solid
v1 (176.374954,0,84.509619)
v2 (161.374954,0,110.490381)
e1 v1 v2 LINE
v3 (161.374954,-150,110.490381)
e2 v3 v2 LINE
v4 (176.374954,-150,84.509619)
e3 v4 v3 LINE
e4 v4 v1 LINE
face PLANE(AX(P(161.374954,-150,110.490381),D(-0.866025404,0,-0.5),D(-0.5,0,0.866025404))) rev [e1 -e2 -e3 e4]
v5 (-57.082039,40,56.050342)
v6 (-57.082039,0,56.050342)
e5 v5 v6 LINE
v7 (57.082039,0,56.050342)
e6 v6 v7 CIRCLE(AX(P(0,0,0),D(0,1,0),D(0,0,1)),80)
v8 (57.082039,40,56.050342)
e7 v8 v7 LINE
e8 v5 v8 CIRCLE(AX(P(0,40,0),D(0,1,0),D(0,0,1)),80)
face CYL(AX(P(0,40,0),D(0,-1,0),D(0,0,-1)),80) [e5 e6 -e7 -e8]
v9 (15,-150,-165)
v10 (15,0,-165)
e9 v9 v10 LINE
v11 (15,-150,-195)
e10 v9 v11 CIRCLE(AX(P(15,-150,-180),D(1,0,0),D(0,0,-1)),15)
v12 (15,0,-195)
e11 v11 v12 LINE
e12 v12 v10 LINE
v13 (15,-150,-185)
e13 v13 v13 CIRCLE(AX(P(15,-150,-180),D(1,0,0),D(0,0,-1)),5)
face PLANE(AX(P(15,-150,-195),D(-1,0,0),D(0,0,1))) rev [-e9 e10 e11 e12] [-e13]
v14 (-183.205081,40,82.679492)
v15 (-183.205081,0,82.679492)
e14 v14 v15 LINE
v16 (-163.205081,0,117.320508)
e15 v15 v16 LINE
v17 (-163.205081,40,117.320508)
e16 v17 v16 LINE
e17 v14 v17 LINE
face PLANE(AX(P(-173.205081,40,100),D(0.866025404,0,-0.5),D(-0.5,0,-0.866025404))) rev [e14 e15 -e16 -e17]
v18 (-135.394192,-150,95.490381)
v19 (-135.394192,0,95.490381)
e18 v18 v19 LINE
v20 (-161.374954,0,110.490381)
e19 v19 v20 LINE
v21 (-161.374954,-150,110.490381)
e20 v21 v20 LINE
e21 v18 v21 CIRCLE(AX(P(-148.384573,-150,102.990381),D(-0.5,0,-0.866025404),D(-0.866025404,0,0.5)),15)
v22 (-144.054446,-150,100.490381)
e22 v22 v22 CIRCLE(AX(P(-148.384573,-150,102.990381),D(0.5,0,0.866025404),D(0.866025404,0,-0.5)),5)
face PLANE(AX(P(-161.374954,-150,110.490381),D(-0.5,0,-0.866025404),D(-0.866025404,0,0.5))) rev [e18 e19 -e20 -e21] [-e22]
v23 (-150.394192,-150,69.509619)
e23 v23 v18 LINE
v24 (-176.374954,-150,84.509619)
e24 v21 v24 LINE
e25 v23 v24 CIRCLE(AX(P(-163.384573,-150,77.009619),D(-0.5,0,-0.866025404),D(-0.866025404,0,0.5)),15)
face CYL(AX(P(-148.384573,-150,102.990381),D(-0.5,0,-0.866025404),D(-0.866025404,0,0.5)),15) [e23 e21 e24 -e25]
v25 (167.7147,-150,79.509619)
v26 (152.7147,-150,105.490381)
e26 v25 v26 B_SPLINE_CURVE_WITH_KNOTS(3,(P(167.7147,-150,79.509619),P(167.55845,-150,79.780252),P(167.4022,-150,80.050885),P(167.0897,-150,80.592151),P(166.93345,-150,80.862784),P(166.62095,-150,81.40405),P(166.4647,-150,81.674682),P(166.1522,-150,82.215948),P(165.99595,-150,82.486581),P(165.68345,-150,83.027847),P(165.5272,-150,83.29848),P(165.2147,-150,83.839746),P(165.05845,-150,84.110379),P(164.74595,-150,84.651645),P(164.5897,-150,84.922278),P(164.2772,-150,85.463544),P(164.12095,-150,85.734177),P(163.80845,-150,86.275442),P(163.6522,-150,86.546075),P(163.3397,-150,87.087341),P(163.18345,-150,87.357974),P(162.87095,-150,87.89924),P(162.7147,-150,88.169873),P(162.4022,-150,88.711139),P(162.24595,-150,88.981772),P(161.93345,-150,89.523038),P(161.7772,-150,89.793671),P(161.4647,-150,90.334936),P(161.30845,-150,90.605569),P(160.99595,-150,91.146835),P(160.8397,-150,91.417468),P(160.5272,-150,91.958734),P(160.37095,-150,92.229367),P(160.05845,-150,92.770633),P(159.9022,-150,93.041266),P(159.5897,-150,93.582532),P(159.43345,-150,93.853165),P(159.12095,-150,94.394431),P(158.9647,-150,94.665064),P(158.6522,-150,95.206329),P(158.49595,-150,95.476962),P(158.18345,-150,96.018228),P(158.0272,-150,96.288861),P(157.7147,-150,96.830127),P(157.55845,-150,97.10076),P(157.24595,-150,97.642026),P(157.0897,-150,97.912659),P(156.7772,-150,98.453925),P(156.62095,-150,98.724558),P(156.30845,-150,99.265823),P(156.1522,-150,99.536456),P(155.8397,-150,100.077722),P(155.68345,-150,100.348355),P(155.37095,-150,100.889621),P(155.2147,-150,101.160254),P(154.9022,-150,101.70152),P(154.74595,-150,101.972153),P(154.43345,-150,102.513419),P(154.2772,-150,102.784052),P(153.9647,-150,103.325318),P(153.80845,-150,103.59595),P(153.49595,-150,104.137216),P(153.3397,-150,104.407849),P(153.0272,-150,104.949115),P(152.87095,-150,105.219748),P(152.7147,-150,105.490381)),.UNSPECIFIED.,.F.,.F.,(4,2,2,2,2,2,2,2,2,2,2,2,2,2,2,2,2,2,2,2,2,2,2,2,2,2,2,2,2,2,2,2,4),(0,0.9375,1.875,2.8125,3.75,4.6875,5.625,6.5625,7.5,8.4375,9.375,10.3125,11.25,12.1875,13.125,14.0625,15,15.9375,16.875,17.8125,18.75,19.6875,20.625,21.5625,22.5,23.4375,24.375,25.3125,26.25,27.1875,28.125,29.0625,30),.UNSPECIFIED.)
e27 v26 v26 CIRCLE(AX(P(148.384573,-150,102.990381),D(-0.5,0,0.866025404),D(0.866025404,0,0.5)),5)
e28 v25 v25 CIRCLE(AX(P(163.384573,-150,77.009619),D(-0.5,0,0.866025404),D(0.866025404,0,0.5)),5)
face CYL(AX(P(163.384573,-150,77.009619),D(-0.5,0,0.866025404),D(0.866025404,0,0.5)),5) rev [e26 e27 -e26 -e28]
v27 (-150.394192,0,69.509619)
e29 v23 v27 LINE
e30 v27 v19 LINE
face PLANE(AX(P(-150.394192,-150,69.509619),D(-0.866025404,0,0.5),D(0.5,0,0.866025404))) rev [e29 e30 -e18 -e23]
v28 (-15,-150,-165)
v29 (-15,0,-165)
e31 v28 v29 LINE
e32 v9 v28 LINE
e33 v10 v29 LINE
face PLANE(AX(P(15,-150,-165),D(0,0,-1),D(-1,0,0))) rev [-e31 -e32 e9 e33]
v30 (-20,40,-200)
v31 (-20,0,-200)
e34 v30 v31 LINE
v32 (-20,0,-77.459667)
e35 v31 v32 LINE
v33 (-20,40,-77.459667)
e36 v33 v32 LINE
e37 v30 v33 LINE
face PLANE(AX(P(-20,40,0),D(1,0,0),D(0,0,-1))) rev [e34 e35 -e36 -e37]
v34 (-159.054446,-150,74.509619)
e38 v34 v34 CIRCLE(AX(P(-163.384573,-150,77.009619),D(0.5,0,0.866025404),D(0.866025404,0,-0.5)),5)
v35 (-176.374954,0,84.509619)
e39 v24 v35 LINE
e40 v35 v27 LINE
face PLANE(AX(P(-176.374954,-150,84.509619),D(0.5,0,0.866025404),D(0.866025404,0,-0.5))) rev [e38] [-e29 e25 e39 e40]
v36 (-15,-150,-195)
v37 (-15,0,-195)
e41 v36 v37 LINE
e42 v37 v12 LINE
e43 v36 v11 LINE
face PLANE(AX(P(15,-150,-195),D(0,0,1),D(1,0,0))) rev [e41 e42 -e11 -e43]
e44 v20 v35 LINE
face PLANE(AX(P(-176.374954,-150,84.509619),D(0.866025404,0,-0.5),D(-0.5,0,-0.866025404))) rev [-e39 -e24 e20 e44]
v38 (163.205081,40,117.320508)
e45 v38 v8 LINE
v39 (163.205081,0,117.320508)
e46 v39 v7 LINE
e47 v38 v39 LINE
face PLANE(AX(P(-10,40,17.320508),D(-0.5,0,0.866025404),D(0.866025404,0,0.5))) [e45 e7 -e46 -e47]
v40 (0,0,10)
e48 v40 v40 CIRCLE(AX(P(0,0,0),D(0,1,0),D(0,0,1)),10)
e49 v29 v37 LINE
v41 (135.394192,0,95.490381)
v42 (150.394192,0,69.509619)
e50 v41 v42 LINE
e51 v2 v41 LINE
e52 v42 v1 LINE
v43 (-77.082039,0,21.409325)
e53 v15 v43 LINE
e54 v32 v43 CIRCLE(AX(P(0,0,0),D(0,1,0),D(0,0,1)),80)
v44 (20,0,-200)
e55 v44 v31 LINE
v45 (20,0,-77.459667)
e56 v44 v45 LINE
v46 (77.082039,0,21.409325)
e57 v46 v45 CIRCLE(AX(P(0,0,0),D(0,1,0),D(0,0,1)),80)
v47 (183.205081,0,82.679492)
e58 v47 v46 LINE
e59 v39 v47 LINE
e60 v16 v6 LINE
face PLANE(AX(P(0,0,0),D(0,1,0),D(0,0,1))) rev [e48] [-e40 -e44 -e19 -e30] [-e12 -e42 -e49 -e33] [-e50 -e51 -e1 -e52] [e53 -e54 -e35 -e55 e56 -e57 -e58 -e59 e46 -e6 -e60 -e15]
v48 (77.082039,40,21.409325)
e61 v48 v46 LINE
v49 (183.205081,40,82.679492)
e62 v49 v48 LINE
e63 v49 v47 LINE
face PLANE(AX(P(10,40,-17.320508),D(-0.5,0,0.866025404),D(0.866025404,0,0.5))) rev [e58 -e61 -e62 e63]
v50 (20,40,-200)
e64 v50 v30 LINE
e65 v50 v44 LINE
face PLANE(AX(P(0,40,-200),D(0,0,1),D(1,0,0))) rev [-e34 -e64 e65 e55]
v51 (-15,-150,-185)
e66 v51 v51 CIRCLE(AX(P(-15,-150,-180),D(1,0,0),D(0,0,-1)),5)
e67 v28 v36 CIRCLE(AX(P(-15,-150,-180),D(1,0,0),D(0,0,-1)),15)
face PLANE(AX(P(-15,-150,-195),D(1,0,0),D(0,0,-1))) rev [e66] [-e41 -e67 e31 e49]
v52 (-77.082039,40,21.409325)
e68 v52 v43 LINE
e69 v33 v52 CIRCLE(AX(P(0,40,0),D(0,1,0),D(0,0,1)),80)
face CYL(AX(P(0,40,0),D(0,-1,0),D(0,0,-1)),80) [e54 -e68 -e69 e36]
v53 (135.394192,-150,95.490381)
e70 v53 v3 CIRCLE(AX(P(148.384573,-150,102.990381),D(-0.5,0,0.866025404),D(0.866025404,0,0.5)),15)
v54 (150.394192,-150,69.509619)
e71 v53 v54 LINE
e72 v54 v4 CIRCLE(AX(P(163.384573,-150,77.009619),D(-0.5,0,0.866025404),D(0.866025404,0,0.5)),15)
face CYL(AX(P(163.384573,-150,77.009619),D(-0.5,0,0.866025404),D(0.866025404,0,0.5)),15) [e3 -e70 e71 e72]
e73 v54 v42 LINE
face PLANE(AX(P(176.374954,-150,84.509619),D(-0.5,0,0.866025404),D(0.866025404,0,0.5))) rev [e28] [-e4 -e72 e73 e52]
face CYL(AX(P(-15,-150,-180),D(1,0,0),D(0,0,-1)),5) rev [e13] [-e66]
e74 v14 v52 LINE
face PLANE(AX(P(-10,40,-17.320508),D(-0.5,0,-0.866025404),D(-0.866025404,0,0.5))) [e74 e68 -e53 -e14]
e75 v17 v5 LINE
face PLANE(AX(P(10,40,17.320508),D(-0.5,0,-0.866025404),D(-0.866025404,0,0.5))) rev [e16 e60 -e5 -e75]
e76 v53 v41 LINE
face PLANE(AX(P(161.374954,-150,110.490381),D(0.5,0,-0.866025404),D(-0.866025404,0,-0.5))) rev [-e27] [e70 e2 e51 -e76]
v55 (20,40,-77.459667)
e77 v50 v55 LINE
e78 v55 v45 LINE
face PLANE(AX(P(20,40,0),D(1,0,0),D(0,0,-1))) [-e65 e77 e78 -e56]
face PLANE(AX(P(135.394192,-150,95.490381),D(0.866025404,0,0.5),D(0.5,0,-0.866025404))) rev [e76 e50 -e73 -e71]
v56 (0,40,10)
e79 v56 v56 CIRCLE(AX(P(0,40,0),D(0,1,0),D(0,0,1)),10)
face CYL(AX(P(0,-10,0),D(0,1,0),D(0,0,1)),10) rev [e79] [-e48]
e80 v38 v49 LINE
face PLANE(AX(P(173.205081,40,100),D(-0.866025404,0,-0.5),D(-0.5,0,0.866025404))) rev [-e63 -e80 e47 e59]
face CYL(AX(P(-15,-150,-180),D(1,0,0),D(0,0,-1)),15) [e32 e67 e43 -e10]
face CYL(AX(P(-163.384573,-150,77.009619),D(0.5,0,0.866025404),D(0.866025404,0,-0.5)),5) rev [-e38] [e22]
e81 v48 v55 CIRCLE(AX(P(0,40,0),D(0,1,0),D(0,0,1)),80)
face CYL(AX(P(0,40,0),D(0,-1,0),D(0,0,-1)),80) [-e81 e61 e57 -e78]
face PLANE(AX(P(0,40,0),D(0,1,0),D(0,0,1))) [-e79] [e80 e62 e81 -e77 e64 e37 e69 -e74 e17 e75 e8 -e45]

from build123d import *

# Parameters (mm, degrees)
BOSS_EXTRUDE1_DEPTH = 40
SKETCH2_W           = 30
SKETCH2_H           = 30
BOSS_EXTRUDE2_DEPTH = 150
BOSS_EXTRUDE4_DEPTH = 30
SKETCH5_R           = 5
CUT_EXTRUDE2_DEPTH  = 30
CIRPATTERN1_COUNT   = 3
SKETCH6_R           = 10
CUT_EXTRUDE3_DEPTH  = 50
SKETCH7_R           = 5
CUT_EXTRUDE4_DEPTH  = 30
SKETCH8_R           = 5
CUT_EXTRUDE5_DEPTH  = 30


with BuildPart() as part:
    # Sketch1 → Boss-Extrude1 (new body)
    with BuildSketch(Plane(origin=(0, 0, 0), x_dir=(1, 0, 0), z_dir=(0, 1, 0))):
        with BuildLine():
            ThreePointArc((-57.082039325, -56.050341538), (0, -80), (57.082039325, -56.050341538))
            ThreePointArc((57.082039325, -56.050341538), (69.282032303, -40), (77.082039325, -21.409325386))
            ThreePointArc((77.082039325, -21.409325386), (79.267153178, -10.80363027), (80, 0))
            ThreePointArc((80, 0), (63.245553203, 48.989794856), (20, 77.459666924))
            ThreePointArc((20, 77.459666924), (0, 80), (-20, 77.459666924))
            ThreePointArc((-20, 77.459666924), (-69.282032303, 40), (-77.082039325, -21.409325386))
            ThreePointArc((-77.082039325, -21.409325386), (-69.282032303, -40), (-57.082039325, -56.050341538))
        make_face()
        with BuildLine():
            ThreePointArc((-20, 77.459666924), (0, 80), (20, 77.459666924))
            Line((20, 77.459666924), (20, 200))
            Line((20, 200), (-20, 200))
            Line((-20, 200), (-20, 77.459666924))
        make_face()
        with BuildLine():
            Line((-163.205080757, -117.320508076), (-57.082039325, -56.050341538))
            ThreePointArc((-57.082039325, -56.050341538), (-69.282032303, -40), (-77.082039325, -21.409325386))
            Line((-77.082039325, -21.409325386), (-183.205080757, -82.679491924))
            Line((-183.205080757, -82.679491924), (-163.205080757, -117.320508076))
        make_face()
        with BuildLine():
            Line((57.082039325, -56.050341538), (163.205080757, -117.320508076))
            Line((163.205080757, -117.320508076), (183.205080757, -82.679491924))
            Line((183.205080757, -82.679491924), (77.082039325, -21.409325386))
            ThreePointArc((77.082039325, -21.409325386), (69.282032303, -40), (57.082039325, -56.050341538))
        make_face()
    extrude(amount=BOSS_EXTRUDE1_DEPTH)

    # Sketch2 → Boss-Extrude2 (add)
    with BuildSketch(Plane.XZ):
        with Locations((0, -180)):
            Rectangle(SKETCH2_W, SKETCH2_H)
    boss_extrude2 = extrude(amount=BOSS_EXTRUDE2_DEPTH)

    # Sketch3 → Boss-Extrude4 (add)
    with BuildSketch(Plane(origin=(15, 0, 0), x_dir=(0, 0, -1), z_dir=(1, 0, 0))):
        with BuildLine():
            Line((165, -150), (195, -150))
            ThreePointArc((195, -150), (180, -165), (165, -150))
        make_face()
    boss_extrude4 = extrude(amount=-BOSS_EXTRUDE4_DEPTH)

    # Sketch5 → Cut-Extrude2 (cut)
    with BuildSketch(Plane(origin=(15, 0, 0), x_dir=(0, 0, -1), z_dir=(1, 0, 0))):
        with Locations((180, -150)):
            Circle(SKETCH5_R)
    extrude(amount=-CUT_EXTRUDE2_DEPTH, mode=Mode.SUBTRACT)

    # CirPattern1: Boss-Extrude2, Boss-Extrude4 ×3 about axis
    cirpattern1_axis = Axis((0, 0, 0), (0, 1, 0))
    add([boss_extrude2.rotate(cirpattern1_axis, i * 360 / CIRPATTERN1_COUNT) for i in range(1, CIRPATTERN1_COUNT)])
    add([boss_extrude4.rotate(cirpattern1_axis, i * 360 / CIRPATTERN1_COUNT) for i in range(1, CIRPATTERN1_COUNT)])

    # Sketch6 → Cut-Extrude3 (cut)
    with BuildSketch(Plane(origin=(0, 40, 0), x_dir=(1, 0, 0), z_dir=(0, 1, 0))):
        with Locations(Location((0, 0, 0), (0, 0, 270))):
            Circle(SKETCH6_R)
    extrude(amount=-CUT_EXTRUDE3_DEPTH, mode=Mode.SUBTRACT)

    # Sketch7 → Cut-Extrude4 (cut)
    with BuildSketch(Plane(origin=(7.5, 0, 12.990381057), x_dir=(0.8660254037844434, 0, -0.49999999999999195), z_dir=(0.49999999999999195, 0, 0.8660254037844434))):
        with Locations((-180, -150)):
            Circle(SKETCH7_R)
    extrude(amount=-CUT_EXTRUDE4_DEPTH, mode=Mode.SUBTRACT)

    # Sketch8 → Cut-Extrude5 (cut)
    with BuildSketch(Plane(origin=(-7.5, 0, 12.990381057), x_dir=(0.8660254037844364, 0, 0.5000000000000041), z_dir=(-0.500000000000004, 0, 0.8660254037844363))):
        with Locations((180, -150)):
            Circle(SKETCH8_R)
    extrude(amount=-CUT_EXTRUDE5_DEPTH, mode=Mode.SUBTRACT)


solid = part.part
